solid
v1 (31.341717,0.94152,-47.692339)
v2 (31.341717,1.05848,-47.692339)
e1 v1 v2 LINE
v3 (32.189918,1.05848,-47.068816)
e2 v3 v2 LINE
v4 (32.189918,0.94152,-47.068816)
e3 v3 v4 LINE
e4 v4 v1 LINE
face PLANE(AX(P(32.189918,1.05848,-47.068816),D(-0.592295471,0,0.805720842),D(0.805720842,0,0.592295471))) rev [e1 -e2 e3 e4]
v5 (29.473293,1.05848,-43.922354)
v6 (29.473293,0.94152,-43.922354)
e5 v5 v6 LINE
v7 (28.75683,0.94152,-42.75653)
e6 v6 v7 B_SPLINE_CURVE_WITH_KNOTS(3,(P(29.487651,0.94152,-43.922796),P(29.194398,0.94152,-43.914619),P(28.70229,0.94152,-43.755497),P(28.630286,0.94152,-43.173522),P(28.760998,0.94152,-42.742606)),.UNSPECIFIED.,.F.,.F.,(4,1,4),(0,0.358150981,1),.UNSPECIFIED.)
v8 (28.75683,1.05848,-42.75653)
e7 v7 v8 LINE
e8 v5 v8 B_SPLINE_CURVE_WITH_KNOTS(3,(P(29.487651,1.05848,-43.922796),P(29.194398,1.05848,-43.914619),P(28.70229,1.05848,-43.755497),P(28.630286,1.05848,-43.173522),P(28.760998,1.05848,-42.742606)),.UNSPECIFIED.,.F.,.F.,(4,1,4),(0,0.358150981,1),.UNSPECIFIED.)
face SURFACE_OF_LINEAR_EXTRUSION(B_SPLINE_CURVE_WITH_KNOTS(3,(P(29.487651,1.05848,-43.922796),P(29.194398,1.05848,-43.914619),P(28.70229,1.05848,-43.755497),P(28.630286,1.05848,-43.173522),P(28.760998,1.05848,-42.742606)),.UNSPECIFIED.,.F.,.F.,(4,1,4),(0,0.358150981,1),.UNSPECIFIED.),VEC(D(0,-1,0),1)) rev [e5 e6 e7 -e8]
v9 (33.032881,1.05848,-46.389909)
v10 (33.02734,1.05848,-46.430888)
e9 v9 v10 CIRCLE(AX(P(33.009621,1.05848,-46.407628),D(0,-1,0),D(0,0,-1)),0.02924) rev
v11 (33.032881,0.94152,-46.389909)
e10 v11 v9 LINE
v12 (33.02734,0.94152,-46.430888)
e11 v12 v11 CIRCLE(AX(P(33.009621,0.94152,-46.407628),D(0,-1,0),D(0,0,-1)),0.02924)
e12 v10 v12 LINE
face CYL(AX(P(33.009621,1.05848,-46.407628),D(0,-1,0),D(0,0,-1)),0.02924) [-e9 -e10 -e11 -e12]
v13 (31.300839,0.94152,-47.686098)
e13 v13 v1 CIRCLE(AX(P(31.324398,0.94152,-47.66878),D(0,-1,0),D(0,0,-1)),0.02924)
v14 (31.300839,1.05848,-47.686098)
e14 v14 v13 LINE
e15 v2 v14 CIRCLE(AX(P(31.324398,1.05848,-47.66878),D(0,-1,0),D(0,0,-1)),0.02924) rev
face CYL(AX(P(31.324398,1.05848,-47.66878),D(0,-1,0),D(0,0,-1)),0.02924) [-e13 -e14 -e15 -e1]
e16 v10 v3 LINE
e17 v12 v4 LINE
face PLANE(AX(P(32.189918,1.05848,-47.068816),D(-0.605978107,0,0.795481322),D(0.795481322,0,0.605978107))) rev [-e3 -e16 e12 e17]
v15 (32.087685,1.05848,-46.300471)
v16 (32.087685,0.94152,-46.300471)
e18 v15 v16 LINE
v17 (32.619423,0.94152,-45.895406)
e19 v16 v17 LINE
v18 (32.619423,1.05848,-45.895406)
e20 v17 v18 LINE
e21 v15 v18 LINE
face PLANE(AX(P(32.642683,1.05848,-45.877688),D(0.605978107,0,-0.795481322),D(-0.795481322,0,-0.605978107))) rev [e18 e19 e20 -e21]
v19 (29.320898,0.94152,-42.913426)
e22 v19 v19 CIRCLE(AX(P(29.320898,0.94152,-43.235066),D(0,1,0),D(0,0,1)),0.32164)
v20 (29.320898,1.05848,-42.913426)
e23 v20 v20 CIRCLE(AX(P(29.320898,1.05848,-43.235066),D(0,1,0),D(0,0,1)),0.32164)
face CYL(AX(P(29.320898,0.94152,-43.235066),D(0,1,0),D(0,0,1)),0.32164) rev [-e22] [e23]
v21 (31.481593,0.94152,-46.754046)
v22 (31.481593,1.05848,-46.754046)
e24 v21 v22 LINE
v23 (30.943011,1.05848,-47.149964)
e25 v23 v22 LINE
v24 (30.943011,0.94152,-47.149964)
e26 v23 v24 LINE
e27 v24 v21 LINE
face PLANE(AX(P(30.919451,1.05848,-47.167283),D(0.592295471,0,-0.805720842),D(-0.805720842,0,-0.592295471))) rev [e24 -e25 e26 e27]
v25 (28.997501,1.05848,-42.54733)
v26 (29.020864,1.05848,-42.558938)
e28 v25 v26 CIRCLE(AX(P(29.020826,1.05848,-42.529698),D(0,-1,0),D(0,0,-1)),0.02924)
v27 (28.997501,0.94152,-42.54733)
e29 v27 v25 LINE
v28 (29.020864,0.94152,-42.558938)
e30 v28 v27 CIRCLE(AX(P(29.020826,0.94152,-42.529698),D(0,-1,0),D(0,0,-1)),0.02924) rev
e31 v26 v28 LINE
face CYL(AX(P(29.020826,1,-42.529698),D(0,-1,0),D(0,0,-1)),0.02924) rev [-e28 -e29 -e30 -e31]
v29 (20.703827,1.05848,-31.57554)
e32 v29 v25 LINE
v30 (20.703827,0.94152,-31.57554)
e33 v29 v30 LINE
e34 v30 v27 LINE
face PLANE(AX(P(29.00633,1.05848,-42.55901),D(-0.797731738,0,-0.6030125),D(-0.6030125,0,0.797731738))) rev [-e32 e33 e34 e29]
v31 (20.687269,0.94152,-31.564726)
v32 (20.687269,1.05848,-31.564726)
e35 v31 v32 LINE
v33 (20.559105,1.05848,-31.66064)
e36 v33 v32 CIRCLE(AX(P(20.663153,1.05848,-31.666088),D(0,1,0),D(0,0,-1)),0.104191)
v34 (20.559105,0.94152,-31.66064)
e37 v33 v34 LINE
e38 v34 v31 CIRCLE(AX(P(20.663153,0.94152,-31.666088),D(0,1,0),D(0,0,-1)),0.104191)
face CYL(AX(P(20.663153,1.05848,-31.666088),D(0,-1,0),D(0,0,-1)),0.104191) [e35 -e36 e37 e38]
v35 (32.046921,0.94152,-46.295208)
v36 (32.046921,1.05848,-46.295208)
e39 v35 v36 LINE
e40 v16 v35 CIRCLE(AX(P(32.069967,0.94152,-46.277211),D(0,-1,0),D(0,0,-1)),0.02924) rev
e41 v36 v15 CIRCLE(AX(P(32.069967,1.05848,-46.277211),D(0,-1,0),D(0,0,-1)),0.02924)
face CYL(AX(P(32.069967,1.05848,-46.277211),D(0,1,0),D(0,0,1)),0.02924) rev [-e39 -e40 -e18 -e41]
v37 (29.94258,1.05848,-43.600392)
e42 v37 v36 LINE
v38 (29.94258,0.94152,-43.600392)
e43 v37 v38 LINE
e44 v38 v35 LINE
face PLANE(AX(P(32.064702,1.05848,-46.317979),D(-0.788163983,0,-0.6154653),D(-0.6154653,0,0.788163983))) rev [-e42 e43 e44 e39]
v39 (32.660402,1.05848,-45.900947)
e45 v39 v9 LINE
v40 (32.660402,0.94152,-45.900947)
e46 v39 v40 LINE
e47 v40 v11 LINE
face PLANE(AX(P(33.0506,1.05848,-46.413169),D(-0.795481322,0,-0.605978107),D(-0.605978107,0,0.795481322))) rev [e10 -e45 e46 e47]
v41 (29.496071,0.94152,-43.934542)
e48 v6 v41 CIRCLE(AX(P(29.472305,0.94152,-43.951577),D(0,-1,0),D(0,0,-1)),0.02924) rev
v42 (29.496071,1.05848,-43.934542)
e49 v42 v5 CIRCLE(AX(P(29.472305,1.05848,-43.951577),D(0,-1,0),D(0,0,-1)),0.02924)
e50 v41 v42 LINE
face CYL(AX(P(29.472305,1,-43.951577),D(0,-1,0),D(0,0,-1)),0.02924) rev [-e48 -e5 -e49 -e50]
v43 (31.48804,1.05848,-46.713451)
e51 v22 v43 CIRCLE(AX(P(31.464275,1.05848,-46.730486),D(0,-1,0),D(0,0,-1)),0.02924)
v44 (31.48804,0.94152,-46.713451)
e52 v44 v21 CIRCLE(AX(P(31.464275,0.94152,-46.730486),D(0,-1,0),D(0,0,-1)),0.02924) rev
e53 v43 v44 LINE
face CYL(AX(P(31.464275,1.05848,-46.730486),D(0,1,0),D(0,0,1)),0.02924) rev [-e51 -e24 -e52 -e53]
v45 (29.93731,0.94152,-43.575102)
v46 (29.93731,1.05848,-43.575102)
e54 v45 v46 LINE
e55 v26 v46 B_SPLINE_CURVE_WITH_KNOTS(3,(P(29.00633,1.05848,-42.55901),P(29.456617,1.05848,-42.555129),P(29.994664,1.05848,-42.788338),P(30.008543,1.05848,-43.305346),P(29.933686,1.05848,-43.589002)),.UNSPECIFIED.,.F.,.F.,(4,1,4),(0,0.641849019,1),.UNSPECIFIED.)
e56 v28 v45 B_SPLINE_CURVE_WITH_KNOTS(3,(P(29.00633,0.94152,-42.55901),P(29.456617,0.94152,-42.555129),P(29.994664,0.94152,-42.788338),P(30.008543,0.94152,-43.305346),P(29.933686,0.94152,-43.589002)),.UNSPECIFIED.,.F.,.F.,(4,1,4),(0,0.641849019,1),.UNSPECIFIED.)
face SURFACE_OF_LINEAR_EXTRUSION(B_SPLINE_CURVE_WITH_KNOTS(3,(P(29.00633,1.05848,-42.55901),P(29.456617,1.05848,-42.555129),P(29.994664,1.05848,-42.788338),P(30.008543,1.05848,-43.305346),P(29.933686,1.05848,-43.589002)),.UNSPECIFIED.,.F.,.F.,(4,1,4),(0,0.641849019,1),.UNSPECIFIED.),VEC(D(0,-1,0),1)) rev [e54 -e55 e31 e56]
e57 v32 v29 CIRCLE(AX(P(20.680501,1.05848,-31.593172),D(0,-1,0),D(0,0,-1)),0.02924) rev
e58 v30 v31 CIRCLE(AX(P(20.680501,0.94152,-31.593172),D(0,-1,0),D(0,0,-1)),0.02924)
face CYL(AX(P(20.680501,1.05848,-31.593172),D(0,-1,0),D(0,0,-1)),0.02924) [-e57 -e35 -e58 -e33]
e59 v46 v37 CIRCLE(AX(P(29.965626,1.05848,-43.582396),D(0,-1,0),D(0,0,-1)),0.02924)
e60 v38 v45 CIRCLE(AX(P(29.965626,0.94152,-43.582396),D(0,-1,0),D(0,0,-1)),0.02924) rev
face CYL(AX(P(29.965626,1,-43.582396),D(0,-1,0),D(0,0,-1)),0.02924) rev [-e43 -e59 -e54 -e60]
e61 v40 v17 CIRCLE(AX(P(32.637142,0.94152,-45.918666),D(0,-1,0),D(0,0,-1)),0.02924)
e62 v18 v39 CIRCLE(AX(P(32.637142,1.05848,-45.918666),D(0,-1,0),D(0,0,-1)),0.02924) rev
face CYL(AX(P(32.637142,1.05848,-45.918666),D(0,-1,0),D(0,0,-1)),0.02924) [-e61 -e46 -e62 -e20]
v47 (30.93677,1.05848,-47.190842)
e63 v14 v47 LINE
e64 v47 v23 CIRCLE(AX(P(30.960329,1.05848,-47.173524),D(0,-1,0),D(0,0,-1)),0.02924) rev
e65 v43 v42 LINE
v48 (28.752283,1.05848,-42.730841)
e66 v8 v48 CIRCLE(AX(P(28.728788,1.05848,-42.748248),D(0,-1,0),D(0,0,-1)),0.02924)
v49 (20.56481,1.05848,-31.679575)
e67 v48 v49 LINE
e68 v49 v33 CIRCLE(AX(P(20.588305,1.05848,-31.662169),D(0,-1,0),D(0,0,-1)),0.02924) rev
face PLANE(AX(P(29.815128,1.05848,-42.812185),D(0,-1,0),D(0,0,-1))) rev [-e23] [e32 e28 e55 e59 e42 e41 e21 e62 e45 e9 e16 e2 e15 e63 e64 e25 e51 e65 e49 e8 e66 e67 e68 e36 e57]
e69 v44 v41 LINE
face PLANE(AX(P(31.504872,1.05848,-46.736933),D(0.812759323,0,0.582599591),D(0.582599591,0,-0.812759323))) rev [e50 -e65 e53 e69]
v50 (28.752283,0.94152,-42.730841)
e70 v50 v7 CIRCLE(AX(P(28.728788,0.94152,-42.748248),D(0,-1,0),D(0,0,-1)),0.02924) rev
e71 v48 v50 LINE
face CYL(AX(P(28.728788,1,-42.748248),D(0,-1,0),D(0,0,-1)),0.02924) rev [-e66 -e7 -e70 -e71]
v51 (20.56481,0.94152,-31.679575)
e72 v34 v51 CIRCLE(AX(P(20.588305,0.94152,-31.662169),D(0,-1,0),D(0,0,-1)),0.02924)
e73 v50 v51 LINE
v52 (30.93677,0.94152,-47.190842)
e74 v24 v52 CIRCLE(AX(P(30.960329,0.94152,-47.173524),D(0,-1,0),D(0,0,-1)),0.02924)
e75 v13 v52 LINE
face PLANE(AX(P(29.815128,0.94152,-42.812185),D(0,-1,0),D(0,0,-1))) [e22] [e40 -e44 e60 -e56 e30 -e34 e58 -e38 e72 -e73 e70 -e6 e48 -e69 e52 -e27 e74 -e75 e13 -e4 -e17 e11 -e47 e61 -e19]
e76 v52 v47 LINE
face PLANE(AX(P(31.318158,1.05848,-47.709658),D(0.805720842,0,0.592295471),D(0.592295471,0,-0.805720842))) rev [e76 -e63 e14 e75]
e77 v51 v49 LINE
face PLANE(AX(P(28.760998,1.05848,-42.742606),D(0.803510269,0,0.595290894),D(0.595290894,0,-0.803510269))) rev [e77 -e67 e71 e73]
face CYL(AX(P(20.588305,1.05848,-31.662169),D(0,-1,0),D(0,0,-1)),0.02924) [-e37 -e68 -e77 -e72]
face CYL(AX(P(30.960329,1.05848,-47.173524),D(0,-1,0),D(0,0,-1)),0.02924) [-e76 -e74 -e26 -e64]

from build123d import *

# Parameters (mm, degrees)
BOSS_EXTRUDE1_DEPTH = 2
FILLET2_R           = 0.5
SKETCH2_R           = 5.5
CUT_EXTRUDE1_DEPTH  = 3.0000001
SCALE1_SCALE        = 0.05848


with BuildPart() as part:
    # Sketch1 → Boss-Extrude1 (new body)
    with BuildSketch(Plane(origin=(0, 0, 0), x_dir=(1, 0, 0), z_dir=(0, 1, 0))):
        with BuildLine():
            Line((92.085110733, 127.103938413), (77.178124527, 138.062250462))
            Line((77.178124527, 138.062250462), (70.360301054, 128.787719859))
            Line((70.360301054, 128.787719859), (80.370912811, 121.428793922))
            Line((80.370912811, 121.428793922), (45.876712151, 73.307436464))
            add(Edge.make_bspline(
                [(33.451049577, 53.126345945), (31.215883749, 60.494948343), (32.447141404, 70.446648696), (40.862115825, 73.16760251), (45.876712151, 73.307436464)],
                knots=[0, 0, 0, 0, 0.641849019, 1, 1, 1, 1], degree=3))
            Line((33.451049577, 53.126345945), (-106.799876202, -136.181201423))
            ThreePointArc((-106.799876202, -136.181201423), (-106.088492795, -137.707043736), (-104.423962902, -137.959236822))
            Line((-104.423962902, -137.959236822), (37.646178322, 49.986884833))
            add(Edge.make_bspline(
                [(37.646178322, 49.986884833), (45.3460396, 49.920523216), (54.546555656, 53.908359677), (54.783891194, 62.749120731), (53.503843784, 67.599606116)],
                knots=[0, 0, 0, 0, 0.641849019, 1, 1, 1, 1], degree=3))
            Line((53.503843784, 67.599606116), (89.943937285, 114.264737729))
            Line((89.943937285, 114.264737729), (99.827328979, 106.735813017))
            Line((99.827328979, 106.735813017), (106.802651201, 115.89247806))
            Line((106.802651201, 115.89247806), (92.085110733, 127.103938413))
        make_face()
    extrude(amount=BOSS_EXTRUDE1_DEPTH)

    # Fillet2
    fillet2_edges = [part.edges().sort_by_distance(p)[0] for p in [
        (-104.423962902, 1, 137.959236822),
        (-106.799876202, 1, 136.181201423),
        (33.451049577, 1, -53.126345945),
        (37.646178322, 1, -49.986884833),
        (45.876712151, 1, -73.307436464),
        (53.503843784, 1, -67.599606116),
        (99.827328979, 1, -106.735813017),
        (89.943937285, 1, -114.264737729),
        (80.370912811, 1, -121.428793922),
        (70.360301054, 1, -128.787719859),
        (77.178124527, 1, -138.062250462),
        (106.802651201, 1, -115.89247806),
    ]]
    fillet(fillet2_edges, radius=FILLET2_R)

    # Sketch2 → Cut-Extrude1 (cut, through all)
    with BuildSketch(Plane(origin=(0, 2, 0), x_dir=(1, 0, 0), z_dir=(0, 1, 0))):
        with Locations((43.025259326, 61.547339532)):
            Circle(SKETCH2_R)
    extrude(amount=-CUT_EXTRUDE1_DEPTH, mode=Mode.SUBTRACT)


with BuildPart() as part_1:
    # Scale1: scaled about (28.469603302, 1, -42.097394776)
    add(part.part.scale(SCALE1_SCALE).moved(Location((26.804700901, 0.94152, -39.635539129))))


solid = part_1.part
